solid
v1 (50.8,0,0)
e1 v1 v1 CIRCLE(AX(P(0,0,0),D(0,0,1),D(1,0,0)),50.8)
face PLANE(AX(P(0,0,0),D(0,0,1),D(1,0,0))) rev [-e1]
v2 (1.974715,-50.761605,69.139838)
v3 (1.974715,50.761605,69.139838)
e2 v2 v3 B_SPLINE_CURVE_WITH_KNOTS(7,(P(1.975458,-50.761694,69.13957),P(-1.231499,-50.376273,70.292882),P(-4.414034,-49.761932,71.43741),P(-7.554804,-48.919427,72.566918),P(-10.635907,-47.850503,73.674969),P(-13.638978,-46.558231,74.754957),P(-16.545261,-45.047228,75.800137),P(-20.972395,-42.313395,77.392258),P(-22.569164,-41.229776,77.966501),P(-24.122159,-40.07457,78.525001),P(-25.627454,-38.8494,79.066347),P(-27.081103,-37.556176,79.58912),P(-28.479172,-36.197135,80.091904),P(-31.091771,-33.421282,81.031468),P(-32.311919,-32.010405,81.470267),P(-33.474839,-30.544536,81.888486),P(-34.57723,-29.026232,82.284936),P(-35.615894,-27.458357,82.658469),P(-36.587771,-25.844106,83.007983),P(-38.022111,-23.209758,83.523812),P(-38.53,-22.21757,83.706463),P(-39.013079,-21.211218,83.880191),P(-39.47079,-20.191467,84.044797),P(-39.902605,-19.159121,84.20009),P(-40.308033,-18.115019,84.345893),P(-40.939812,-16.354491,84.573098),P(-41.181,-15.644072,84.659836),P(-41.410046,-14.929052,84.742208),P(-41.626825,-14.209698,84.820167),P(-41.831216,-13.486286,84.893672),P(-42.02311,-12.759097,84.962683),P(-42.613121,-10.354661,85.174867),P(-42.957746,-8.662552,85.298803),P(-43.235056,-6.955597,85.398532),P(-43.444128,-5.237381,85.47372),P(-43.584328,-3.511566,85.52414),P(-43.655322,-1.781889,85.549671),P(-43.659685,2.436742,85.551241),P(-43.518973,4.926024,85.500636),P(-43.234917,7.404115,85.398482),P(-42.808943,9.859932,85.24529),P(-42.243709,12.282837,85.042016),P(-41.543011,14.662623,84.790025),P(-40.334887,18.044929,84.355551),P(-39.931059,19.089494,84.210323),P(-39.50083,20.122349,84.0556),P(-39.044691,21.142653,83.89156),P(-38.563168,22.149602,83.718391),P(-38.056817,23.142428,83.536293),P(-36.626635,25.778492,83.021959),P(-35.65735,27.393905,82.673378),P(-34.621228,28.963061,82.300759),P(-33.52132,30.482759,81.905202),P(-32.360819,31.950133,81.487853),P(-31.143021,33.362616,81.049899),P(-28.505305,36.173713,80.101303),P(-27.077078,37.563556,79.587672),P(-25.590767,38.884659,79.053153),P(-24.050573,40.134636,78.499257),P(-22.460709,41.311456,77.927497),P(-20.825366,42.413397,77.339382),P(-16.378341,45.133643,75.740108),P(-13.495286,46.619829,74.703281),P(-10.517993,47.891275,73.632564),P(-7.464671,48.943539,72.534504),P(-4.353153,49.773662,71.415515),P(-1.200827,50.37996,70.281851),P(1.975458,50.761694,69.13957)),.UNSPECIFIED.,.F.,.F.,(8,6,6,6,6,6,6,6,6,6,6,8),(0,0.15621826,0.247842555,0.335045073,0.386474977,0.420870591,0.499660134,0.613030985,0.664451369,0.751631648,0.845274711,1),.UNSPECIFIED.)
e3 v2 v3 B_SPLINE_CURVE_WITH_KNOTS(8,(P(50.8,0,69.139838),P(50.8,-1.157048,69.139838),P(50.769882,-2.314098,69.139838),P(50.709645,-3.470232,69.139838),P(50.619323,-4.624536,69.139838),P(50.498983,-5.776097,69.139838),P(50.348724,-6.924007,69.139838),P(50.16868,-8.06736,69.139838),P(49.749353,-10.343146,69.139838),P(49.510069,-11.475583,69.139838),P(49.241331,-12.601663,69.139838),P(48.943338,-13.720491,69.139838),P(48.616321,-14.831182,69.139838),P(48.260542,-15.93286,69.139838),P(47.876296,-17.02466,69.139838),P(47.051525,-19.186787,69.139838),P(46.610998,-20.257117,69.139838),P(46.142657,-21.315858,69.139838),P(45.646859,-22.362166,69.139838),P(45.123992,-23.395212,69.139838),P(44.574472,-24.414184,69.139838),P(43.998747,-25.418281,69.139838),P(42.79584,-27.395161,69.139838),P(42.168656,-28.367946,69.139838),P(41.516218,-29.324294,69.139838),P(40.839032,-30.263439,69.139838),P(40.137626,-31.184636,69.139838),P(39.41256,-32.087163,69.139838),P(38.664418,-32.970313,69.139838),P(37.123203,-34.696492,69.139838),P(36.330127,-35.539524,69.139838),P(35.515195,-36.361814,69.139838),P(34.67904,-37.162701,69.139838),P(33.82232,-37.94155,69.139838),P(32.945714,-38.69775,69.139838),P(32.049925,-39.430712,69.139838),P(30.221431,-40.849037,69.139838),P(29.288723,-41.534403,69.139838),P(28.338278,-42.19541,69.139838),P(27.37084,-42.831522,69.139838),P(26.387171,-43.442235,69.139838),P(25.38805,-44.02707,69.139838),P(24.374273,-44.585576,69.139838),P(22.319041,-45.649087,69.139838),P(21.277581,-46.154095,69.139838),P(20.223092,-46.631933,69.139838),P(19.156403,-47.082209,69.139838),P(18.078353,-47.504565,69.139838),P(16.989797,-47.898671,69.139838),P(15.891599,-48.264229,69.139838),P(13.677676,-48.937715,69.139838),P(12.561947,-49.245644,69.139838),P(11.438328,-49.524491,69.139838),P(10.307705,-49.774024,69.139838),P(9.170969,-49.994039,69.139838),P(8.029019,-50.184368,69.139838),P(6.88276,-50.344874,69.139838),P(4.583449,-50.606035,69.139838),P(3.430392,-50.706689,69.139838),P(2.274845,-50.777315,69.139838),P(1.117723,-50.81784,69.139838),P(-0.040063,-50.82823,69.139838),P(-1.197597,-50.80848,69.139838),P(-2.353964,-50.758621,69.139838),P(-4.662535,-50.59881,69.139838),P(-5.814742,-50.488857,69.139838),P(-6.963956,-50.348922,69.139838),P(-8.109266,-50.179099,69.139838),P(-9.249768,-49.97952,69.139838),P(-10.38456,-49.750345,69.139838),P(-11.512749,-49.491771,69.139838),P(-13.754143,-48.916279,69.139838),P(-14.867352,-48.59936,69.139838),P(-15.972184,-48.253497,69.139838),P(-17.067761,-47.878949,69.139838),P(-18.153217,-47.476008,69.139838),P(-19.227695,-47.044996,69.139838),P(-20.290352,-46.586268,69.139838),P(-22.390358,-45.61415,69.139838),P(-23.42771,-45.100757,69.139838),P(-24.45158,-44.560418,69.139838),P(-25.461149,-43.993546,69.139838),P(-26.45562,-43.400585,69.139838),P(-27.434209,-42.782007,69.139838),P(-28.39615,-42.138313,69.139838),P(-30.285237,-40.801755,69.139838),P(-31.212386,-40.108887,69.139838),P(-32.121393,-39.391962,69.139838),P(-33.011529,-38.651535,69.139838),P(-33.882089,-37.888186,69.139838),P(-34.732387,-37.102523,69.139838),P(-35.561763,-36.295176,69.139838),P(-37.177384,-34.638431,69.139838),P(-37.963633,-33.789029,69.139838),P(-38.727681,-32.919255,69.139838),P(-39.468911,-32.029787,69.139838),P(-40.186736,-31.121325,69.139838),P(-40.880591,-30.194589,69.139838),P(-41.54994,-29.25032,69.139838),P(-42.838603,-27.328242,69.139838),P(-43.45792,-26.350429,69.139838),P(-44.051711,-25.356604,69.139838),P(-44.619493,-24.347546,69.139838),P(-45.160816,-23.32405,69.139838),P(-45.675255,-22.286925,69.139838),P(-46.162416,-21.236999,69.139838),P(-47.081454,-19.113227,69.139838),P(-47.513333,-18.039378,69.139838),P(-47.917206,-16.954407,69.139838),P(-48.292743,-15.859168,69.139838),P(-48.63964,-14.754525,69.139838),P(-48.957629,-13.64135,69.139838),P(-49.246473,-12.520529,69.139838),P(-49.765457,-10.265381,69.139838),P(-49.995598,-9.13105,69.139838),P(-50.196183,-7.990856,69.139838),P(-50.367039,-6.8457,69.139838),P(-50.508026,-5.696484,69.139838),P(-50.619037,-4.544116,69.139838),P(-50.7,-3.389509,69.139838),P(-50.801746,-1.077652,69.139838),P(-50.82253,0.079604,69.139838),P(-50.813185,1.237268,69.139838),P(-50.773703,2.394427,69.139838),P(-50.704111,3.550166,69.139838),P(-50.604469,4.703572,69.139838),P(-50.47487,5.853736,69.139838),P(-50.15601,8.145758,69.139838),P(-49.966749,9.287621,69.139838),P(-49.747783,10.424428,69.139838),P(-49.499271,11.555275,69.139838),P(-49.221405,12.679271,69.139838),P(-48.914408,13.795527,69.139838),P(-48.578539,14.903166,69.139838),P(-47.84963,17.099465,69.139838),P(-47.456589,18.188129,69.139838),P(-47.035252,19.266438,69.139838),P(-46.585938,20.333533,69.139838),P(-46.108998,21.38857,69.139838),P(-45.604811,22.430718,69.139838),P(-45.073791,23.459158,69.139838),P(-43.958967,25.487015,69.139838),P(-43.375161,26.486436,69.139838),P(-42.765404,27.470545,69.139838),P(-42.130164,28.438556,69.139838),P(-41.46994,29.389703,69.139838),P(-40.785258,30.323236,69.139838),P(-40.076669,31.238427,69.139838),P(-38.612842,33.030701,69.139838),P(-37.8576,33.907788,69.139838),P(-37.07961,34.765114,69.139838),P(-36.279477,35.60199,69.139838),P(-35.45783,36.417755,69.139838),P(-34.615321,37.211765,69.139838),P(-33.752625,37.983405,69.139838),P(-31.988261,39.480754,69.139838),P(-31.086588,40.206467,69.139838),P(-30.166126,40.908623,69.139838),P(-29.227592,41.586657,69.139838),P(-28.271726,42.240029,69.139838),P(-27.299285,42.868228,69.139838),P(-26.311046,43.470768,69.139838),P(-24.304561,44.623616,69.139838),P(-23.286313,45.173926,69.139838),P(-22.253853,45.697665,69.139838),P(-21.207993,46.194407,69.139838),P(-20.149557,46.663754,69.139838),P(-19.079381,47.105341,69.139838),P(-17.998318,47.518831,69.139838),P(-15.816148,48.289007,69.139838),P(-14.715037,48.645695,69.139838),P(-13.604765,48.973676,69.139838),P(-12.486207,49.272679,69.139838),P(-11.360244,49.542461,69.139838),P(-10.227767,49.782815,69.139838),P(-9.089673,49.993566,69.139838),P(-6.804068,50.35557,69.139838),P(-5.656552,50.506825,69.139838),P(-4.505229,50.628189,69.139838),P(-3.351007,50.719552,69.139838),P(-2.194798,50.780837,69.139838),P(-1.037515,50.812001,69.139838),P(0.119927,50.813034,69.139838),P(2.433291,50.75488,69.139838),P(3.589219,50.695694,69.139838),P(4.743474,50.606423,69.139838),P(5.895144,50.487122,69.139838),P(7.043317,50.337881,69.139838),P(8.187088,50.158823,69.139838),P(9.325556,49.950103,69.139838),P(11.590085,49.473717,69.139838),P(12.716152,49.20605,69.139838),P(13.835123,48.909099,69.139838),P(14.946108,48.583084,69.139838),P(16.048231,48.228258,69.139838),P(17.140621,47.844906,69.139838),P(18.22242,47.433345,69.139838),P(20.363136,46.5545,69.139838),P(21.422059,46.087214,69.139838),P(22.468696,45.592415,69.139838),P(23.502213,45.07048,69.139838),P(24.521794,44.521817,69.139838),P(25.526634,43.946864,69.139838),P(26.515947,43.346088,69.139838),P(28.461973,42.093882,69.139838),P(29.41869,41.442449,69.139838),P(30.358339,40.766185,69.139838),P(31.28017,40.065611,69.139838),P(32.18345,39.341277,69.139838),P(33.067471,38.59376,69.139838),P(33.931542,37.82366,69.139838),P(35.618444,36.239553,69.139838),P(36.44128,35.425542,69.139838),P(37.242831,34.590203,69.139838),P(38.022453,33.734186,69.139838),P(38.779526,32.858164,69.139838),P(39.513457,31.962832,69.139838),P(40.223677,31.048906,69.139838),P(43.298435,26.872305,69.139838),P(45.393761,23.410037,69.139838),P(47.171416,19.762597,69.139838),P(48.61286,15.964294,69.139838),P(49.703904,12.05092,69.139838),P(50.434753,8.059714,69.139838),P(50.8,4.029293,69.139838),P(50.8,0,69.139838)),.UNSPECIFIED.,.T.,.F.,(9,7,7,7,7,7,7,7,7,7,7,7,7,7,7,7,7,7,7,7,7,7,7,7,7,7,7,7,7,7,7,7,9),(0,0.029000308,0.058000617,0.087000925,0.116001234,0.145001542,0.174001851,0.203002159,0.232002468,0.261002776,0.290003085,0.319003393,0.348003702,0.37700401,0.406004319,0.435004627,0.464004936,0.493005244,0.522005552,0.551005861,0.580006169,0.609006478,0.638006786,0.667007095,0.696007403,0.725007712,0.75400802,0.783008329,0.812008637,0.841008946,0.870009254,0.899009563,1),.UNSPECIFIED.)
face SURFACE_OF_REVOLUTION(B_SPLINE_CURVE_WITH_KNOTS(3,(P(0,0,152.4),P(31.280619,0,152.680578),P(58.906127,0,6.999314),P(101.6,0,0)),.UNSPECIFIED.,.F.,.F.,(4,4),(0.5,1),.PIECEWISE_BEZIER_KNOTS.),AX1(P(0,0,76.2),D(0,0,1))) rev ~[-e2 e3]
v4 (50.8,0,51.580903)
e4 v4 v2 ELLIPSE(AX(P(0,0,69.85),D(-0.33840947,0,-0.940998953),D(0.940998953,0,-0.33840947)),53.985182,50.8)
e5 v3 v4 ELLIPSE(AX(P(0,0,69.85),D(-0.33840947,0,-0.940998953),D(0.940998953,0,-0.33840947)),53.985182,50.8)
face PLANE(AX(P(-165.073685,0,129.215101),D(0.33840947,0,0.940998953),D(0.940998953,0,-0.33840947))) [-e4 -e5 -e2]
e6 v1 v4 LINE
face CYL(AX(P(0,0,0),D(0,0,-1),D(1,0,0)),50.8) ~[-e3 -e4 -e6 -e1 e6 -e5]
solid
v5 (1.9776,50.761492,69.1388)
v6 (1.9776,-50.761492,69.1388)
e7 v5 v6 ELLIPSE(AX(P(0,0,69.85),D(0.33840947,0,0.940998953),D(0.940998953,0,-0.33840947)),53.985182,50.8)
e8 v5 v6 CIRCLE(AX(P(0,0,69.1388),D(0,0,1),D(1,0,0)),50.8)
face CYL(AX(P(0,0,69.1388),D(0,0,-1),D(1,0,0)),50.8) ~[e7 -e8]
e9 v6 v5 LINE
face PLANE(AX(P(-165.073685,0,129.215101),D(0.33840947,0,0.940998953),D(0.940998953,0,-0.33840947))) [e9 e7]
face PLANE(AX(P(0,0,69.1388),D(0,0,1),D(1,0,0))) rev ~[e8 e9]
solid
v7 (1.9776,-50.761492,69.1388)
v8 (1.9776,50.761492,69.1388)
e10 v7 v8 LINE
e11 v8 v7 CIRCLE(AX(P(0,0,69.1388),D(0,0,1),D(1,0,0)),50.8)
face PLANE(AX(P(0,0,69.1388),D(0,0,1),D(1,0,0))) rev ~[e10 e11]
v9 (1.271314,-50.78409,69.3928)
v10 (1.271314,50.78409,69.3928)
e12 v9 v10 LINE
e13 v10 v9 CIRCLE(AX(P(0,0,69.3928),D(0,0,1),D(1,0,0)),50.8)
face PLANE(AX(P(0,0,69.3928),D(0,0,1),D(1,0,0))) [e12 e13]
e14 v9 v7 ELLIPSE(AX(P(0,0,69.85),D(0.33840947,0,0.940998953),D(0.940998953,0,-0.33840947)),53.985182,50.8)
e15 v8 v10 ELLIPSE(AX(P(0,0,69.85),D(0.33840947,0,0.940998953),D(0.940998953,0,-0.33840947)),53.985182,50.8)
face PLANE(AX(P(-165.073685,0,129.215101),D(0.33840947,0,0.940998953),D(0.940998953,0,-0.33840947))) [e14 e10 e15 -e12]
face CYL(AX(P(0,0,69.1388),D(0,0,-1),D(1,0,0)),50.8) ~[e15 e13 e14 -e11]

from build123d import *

# Parameters (mm, degrees)
F4_R           = 164.6055242693
F4_R_2         = 50.8
F5_DEPTH       = 228.6
F6_DEPTH       = 76.2
F7_DEPTH       = 76.2
F1_FACE_R      = 50.8
F9_R           = 50.8
F10_DEPTH      = 0.254
F13_R          = 50.8
F14_DEPTH      = 0.254
F15_R          = 50.8
F16_DEPTH      = 88.9
F17_DEPTH      = 76.2010001
F17_DEPTH_BACK = 76.2010001


with BuildPart() as f1:
    # F0 (on Front) → F1 (revolve)
    with BuildSketch(Plane.XZ):
        with BuildLine():
            Line((0, 152.4), (0, 0))
            Line((0, 0), (101.6, 0))
            add(Edge.make_bspline(
                [(0, 152.4), (31.2806190923, 152.6805776894), (58.9061267674, 6.9993138313), (101.6, 0)],
                knots=[0.5, 0.5, 0.5, 0.5, 1, 1, 1, 1], degree=3))
        make_face()
    revolve(axis=Axis((0, 0, 76.2), (0, 0, 1)))

    # F4 (on Top) → F5 (cut)
    with BuildSketch(Plane.XY):
        Circle(F4_R)
        Circle(F4_R_2, mode=Mode.SUBTRACT)
    extrude(amount=F5_DEPTH, mode=Mode.SUBTRACT)



with BuildPart() as f6:
    # F3 (on Front) → F6 (new body, symmetric)
    with BuildSketch(Plane.XZ):
        Polygon((-165.0736852158, 129.2151014842), (194.2285387215, 0), (228.6109409009, 95.6054936726), (-130.6912830364, 224.8205951567), align=None)
    extrude(amount=F6_DEPTH, both=True)


with BuildPart() as f1_1:
    add(f1.part)

    add(f6.part)  # F7 merges F6
    # F3 (on Front) → F7 (join, symmetric)
    with BuildSketch(Plane.XZ):
        Polygon((-165.0736852158, 129.2151014842), (194.2285387215, 0), (228.6109409009, 95.6054936726), (-130.6912830364, 224.8205951567), align=None)
    extrude(amount=F7_DEPTH, both=True)


with BuildPart() as f10:
    # F1_face (on face) + F9 (on offset) → F10 (new body)
    with BuildSketch(Plane(origin=(0, 0, 0), x_dir=(1, 0, 0), z_dir=(0, 0, -1))):
        Circle(F1_FACE_R)
    with BuildSketch(Plane.XY.offset(88.9)):
        Circle(F9_R)
    extrude(amount=F10_DEPTH, dir=(0, 0, -1))


with BuildPart() as f14:
    # F13 (on offset) → F14 (new body)
    with BuildSketch(Plane.XY.offset(69.1388)):
        Circle(F13_R)
    extrude(amount=F14_DEPTH)


with BuildPart() as f16:
    # F15 (on offset) → F16 (new body)
    with BuildSketch(Plane.XY.offset(69.1388)):
        Circle(F15_R)
    extrude(amount=F16_DEPTH)


with BuildPart() as f17_tool:
    # F3 (on Front) → F17 (new body, two sides)
    with BuildSketch(Plane.XZ) as f17_sk:
        Polygon((-165.0736852158, 129.2151014842), (194.2285387215, 0), (228.6109409009, 95.6054936726), (-130.6912830364, 224.8205951567), align=None)
    extrude(amount=-F17_DEPTH)
    extrude(f17_sk.sketch, amount=F17_DEPTH_BACK)


with BuildPart() as f1_2:
    add(f1_1.part)

    # F17: cut by f17_tool
    add(f17_tool.part, mode=Mode.SUBTRACT)


with BuildPart() as f14_1:
    add(f14.part)

    # F17: cut by f17_tool
    add(f17_tool.part, mode=Mode.SUBTRACT)


with BuildPart() as f16_1:
    add(f16.part)

    # F17: cut by f17_tool
    add(f17_tool.part, mode=Mode.SUBTRACT)


solid = Compound([f1_2.part, f14_1.part, f16_1.part])
